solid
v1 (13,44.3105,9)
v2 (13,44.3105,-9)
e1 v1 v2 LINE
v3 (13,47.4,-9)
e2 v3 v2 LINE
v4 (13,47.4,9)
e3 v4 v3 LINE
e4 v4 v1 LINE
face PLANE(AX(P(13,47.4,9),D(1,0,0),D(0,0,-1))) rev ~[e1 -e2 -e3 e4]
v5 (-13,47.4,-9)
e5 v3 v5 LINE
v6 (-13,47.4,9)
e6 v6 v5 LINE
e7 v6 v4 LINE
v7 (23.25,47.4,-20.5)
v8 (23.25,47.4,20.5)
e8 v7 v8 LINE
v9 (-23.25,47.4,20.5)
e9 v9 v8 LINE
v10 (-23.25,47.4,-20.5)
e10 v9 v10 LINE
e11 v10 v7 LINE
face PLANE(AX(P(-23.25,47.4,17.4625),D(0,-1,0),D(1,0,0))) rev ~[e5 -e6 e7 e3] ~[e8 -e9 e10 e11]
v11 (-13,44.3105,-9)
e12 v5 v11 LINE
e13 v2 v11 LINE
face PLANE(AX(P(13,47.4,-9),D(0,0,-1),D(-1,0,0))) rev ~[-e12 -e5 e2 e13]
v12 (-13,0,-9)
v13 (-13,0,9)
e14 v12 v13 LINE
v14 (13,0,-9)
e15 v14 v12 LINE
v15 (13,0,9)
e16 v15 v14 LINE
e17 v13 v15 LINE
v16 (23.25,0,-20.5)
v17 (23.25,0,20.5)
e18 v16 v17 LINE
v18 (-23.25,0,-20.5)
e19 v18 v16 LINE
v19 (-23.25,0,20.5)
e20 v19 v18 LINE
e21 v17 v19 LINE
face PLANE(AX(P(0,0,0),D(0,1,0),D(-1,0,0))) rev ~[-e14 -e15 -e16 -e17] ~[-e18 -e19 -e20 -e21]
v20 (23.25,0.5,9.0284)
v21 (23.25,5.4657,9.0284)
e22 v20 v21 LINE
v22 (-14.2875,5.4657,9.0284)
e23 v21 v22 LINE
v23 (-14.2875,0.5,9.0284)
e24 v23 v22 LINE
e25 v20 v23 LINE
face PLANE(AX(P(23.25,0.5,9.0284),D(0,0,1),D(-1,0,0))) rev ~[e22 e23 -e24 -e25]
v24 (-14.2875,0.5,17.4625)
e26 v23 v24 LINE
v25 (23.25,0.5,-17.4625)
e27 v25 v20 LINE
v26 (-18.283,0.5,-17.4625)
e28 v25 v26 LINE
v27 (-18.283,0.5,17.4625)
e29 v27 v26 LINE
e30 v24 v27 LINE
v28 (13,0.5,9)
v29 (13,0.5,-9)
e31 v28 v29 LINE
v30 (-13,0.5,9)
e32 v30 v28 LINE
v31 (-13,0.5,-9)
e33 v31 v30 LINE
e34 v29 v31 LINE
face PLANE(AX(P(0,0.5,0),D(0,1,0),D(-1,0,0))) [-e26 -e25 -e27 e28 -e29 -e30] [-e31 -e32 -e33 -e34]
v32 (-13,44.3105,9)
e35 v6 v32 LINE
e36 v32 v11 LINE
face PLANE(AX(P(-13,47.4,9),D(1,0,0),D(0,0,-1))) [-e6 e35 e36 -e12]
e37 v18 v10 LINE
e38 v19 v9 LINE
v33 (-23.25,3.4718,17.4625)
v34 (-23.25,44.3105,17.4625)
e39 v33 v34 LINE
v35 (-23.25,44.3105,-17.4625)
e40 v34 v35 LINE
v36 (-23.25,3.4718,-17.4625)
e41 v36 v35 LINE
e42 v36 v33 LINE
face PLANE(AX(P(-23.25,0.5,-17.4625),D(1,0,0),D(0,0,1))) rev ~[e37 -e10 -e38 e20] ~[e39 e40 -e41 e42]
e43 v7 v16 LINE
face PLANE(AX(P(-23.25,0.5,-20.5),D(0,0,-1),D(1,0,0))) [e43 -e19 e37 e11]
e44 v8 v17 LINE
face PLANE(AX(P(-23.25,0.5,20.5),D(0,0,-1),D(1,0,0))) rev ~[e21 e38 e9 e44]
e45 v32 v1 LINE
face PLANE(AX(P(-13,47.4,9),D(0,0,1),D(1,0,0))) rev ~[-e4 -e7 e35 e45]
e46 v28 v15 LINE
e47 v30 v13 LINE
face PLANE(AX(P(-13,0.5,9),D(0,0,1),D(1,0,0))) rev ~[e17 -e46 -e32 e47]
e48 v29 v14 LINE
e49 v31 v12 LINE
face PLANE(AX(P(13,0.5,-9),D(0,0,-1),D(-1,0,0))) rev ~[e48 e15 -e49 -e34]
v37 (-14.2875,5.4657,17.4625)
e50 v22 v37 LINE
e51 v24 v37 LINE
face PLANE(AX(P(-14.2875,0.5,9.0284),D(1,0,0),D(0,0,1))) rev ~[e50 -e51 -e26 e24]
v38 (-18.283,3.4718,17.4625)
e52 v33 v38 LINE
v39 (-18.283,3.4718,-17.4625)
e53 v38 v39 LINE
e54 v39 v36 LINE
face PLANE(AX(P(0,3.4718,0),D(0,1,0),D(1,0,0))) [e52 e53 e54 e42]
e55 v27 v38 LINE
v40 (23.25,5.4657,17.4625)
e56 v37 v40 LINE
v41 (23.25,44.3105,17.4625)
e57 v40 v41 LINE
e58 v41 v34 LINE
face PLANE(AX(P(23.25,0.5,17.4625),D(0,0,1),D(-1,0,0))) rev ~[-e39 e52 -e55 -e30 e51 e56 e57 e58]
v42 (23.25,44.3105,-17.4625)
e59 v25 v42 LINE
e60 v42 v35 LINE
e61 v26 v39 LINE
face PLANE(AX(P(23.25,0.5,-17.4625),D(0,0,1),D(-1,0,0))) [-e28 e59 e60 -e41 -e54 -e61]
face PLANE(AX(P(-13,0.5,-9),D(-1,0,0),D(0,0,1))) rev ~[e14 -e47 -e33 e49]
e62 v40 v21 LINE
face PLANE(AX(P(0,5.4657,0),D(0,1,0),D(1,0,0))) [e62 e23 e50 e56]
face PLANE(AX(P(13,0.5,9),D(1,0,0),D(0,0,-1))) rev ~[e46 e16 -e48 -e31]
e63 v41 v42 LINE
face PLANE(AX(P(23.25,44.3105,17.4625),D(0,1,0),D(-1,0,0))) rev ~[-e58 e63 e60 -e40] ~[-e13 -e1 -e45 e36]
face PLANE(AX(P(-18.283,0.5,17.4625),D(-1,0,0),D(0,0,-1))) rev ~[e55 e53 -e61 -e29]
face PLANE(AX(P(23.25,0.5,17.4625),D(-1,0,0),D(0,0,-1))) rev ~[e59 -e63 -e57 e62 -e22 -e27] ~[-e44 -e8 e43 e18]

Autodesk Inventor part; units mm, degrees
ref_plane "YZ Plane" through (0, 0, 0) normal (1, 0, 0) x (0, 1, 0)
ref_plane "XZ Plane" through (0, 0, 0) normal (0, 1, 0) x (-1, 0, 0)
ref_plane "XY Plane" through (0, 0, 0) normal (0, 0, 1) x (1, 0, 0)
sketch "Sketch1" plane through (0, 0, 0) normal (0, 1, 0) x (-1, 0, 0)
  point P0 (0, 0)
sketch "Sketch2" plane through (0, 0, 0) normal (0, 1, 0) x (-1, 0, 0)
  line L0 (23.25, -20.5) -> (-23.25, -20.5)
  line L1 (-23.25, -20.5) -> (-23.25, 20.5)
  line L2 (-23.25, 20.5) -> (23.25, 20.5)
  line L3 (23.25, 20.5) -> (23.25, -20.5)
  line L4 (23.25, -20.5) -> (-23.25, 20.5) construction
  line L5 (-23.25, -20.5) -> (23.25, 20.5) construction
  point P0 (0, 0)
  dimension "d0" = 46.5
  dimension "d1" = 41
extrude "Extrusion1" add sketch "Sketch2" along normal blind 0.5
sketch "Sketch3" plane through (0, 0.5, 0) normal (0, 1, 0) x (1, 0, 0)
  line L0 (-13, -9) -> (13, -9)
  line L1 (13, -9) -> (13, 9)
  line L2 (13, 9) -> (-13, 9)
  line L3 (-13, 9) -> (-13, -9)
  line L4 (-13, -9) -> (13, 9) construction
  line L5 (13, -9) -> (-13, 9) construction
  point P0 (0, 0)
  dimension "d4" = 26
  dimension "d5" = 18
extrude "Extrusion2" cut sketch "Sketch3" against normal blind 25.4
sketch "Sketch4" plane through (0, 0.5, 0) normal (0, 1, 0) x (1, 0, 0)
  line L0 (-23.25, 20.5) -> (-23.25, -20.5) projected
  line L1 (23.25, -20.5) -> (23.25, 20.5) projected
  line L2 (-23.25, -20.5) -> (23.25, -20.5)
  line L3 (23.25, -20.5) -> (23.25, -17.4625)
  line L4 (23.25, -17.4625) -> (-23.25, -17.4625)
  line L5 (-23.25, -17.4625) -> (-23.25, -20.5)
  point P0 (0, 0)
extrude "Extrusion3" add sketch "Sketch4" along normal blind 46.9
sketch "Sketch5" plane through (0, 0.5, 0) normal (0, 1, 0) x (1, 0, 0)
  line L0 (-23.25, 20.5) -> (-23.25, -17.4625) projected
  line L1 (-23.25, 20.5) -> (23.25, 20.5)
  line L2 (23.25, 20.5) -> (23.25, 17.4625)
  line L3 (23.25, 17.4625) -> (-23.25, 17.4625)
  line L4 (-23.25, 17.4625) -> (-23.25, 20.5)
  point P0 (0, 0)
extrude "Extrusion4" add sketch "Sketch5" along normal blind 46.9
sketch "Sketch6" plane through (23.25, 0.5, 17.4625) normal (0, 0, -1) x (-1, 0, 0)
  point P0 (23.25, -0.5)
sketch "Sketch7" plane through (23.25, 0.5, 17.4625) normal (0, 0, -1) x (-1, 0, 0)
  point P0 (23.25, -0.5)
sketch "Sketch8" plane through (23.25, 0.5, 17.4625) normal (0, 0, -1) x (-1, 0, 0)
  line L0 (46.5, 0) -> (46.5, 46.9) projected
  line L1 (0, 0) -> (0, 46.9) projected
  line L2 (46.5, 46.9) -> (0, 46.9)
  line L3 (0, 46.9) -> (0, 43.8105)
  line L4 (0, 43.8105) -> (46.5, 43.8105)
  line L5 (46.5, 43.8105) -> (46.5, 46.9)
  point P0 (23.25, -0.5)
extrude "Extrusion5" add sketch "Sketch8" along normal blind 35
sketch "Sketch9" plane through (0, 47.4, 0) normal (0, 1, 0) x (1, 0, 0)
  line L0 (-13, -9) -> (-13, 9) projected
  line L1 (13, 9) -> (-13, 9)
  line L2 (-13, 9) -> (-13, -9)
  line L3 (-13, -9) -> (13, -9)
  line L4 (13, -9) -> (13, 9)
  line L5 (13, 9) -> (-13, -9) construction
  line L6 (-13, 9) -> (13, -9) construction
  point P0 (0, 0)
sketch "Sketch10" plane through (0, 0.5, 0) normal (0, 1, 0) x (1, 0, 0)
  point P0 (0, 0)
sketch "Sketch11" plane through (0, 0.5, 0) normal (0, 1, 0) x (1, 0, 0)
  line L0 (-23.25, -17.4625) -> (23.25, -17.4625) projected
  line L1 (-23.25, -17.4625) -> (-18.283, -17.4625)
  line L2 (-18.283, -17.4625) -> (-18.283, 17.4625)
  line L3 (-18.283, 17.4625) -> (-23.25, 17.4625)
  line L4 (-23.25, 17.4625) -> (-23.25, -17.4625)
  point P0 (0, 0)
extrude "Extrusion6" add sketch "Sketch11" along normal blind 2.9718
extrude "Extrusion7" cut sketch "Sketch9" against normal blind 4.9657
sketch "Sketch12" plane through (0, 0.5, 0) normal (0, 1, 0) x (1, 0, 0)
  point P0 (0, 0)
sketch "Sketch13" plane through (0, 0.5, 0) normal (0, 1, 0) x (1, 0, 0)
  line L0 (23.25, -17.4625) -> (23.25, 17.4625) projected
  line L1 (-14.2875, -17.4625) -> (23.25, -17.4625)
  line L2 (23.25, -17.4625) -> (23.25, -9.0284)
  line L3 (23.25, -9.0284) -> (-14.2875, -9.0284)
  line L4 (-14.2875, -9.0284) -> (-14.2875, -17.4625)
  point P0 (0, 0)
extrude "Extrusion8" add sketch "Sketch13" along normal blind 4.9657
properties part number "ChamberSurface"
